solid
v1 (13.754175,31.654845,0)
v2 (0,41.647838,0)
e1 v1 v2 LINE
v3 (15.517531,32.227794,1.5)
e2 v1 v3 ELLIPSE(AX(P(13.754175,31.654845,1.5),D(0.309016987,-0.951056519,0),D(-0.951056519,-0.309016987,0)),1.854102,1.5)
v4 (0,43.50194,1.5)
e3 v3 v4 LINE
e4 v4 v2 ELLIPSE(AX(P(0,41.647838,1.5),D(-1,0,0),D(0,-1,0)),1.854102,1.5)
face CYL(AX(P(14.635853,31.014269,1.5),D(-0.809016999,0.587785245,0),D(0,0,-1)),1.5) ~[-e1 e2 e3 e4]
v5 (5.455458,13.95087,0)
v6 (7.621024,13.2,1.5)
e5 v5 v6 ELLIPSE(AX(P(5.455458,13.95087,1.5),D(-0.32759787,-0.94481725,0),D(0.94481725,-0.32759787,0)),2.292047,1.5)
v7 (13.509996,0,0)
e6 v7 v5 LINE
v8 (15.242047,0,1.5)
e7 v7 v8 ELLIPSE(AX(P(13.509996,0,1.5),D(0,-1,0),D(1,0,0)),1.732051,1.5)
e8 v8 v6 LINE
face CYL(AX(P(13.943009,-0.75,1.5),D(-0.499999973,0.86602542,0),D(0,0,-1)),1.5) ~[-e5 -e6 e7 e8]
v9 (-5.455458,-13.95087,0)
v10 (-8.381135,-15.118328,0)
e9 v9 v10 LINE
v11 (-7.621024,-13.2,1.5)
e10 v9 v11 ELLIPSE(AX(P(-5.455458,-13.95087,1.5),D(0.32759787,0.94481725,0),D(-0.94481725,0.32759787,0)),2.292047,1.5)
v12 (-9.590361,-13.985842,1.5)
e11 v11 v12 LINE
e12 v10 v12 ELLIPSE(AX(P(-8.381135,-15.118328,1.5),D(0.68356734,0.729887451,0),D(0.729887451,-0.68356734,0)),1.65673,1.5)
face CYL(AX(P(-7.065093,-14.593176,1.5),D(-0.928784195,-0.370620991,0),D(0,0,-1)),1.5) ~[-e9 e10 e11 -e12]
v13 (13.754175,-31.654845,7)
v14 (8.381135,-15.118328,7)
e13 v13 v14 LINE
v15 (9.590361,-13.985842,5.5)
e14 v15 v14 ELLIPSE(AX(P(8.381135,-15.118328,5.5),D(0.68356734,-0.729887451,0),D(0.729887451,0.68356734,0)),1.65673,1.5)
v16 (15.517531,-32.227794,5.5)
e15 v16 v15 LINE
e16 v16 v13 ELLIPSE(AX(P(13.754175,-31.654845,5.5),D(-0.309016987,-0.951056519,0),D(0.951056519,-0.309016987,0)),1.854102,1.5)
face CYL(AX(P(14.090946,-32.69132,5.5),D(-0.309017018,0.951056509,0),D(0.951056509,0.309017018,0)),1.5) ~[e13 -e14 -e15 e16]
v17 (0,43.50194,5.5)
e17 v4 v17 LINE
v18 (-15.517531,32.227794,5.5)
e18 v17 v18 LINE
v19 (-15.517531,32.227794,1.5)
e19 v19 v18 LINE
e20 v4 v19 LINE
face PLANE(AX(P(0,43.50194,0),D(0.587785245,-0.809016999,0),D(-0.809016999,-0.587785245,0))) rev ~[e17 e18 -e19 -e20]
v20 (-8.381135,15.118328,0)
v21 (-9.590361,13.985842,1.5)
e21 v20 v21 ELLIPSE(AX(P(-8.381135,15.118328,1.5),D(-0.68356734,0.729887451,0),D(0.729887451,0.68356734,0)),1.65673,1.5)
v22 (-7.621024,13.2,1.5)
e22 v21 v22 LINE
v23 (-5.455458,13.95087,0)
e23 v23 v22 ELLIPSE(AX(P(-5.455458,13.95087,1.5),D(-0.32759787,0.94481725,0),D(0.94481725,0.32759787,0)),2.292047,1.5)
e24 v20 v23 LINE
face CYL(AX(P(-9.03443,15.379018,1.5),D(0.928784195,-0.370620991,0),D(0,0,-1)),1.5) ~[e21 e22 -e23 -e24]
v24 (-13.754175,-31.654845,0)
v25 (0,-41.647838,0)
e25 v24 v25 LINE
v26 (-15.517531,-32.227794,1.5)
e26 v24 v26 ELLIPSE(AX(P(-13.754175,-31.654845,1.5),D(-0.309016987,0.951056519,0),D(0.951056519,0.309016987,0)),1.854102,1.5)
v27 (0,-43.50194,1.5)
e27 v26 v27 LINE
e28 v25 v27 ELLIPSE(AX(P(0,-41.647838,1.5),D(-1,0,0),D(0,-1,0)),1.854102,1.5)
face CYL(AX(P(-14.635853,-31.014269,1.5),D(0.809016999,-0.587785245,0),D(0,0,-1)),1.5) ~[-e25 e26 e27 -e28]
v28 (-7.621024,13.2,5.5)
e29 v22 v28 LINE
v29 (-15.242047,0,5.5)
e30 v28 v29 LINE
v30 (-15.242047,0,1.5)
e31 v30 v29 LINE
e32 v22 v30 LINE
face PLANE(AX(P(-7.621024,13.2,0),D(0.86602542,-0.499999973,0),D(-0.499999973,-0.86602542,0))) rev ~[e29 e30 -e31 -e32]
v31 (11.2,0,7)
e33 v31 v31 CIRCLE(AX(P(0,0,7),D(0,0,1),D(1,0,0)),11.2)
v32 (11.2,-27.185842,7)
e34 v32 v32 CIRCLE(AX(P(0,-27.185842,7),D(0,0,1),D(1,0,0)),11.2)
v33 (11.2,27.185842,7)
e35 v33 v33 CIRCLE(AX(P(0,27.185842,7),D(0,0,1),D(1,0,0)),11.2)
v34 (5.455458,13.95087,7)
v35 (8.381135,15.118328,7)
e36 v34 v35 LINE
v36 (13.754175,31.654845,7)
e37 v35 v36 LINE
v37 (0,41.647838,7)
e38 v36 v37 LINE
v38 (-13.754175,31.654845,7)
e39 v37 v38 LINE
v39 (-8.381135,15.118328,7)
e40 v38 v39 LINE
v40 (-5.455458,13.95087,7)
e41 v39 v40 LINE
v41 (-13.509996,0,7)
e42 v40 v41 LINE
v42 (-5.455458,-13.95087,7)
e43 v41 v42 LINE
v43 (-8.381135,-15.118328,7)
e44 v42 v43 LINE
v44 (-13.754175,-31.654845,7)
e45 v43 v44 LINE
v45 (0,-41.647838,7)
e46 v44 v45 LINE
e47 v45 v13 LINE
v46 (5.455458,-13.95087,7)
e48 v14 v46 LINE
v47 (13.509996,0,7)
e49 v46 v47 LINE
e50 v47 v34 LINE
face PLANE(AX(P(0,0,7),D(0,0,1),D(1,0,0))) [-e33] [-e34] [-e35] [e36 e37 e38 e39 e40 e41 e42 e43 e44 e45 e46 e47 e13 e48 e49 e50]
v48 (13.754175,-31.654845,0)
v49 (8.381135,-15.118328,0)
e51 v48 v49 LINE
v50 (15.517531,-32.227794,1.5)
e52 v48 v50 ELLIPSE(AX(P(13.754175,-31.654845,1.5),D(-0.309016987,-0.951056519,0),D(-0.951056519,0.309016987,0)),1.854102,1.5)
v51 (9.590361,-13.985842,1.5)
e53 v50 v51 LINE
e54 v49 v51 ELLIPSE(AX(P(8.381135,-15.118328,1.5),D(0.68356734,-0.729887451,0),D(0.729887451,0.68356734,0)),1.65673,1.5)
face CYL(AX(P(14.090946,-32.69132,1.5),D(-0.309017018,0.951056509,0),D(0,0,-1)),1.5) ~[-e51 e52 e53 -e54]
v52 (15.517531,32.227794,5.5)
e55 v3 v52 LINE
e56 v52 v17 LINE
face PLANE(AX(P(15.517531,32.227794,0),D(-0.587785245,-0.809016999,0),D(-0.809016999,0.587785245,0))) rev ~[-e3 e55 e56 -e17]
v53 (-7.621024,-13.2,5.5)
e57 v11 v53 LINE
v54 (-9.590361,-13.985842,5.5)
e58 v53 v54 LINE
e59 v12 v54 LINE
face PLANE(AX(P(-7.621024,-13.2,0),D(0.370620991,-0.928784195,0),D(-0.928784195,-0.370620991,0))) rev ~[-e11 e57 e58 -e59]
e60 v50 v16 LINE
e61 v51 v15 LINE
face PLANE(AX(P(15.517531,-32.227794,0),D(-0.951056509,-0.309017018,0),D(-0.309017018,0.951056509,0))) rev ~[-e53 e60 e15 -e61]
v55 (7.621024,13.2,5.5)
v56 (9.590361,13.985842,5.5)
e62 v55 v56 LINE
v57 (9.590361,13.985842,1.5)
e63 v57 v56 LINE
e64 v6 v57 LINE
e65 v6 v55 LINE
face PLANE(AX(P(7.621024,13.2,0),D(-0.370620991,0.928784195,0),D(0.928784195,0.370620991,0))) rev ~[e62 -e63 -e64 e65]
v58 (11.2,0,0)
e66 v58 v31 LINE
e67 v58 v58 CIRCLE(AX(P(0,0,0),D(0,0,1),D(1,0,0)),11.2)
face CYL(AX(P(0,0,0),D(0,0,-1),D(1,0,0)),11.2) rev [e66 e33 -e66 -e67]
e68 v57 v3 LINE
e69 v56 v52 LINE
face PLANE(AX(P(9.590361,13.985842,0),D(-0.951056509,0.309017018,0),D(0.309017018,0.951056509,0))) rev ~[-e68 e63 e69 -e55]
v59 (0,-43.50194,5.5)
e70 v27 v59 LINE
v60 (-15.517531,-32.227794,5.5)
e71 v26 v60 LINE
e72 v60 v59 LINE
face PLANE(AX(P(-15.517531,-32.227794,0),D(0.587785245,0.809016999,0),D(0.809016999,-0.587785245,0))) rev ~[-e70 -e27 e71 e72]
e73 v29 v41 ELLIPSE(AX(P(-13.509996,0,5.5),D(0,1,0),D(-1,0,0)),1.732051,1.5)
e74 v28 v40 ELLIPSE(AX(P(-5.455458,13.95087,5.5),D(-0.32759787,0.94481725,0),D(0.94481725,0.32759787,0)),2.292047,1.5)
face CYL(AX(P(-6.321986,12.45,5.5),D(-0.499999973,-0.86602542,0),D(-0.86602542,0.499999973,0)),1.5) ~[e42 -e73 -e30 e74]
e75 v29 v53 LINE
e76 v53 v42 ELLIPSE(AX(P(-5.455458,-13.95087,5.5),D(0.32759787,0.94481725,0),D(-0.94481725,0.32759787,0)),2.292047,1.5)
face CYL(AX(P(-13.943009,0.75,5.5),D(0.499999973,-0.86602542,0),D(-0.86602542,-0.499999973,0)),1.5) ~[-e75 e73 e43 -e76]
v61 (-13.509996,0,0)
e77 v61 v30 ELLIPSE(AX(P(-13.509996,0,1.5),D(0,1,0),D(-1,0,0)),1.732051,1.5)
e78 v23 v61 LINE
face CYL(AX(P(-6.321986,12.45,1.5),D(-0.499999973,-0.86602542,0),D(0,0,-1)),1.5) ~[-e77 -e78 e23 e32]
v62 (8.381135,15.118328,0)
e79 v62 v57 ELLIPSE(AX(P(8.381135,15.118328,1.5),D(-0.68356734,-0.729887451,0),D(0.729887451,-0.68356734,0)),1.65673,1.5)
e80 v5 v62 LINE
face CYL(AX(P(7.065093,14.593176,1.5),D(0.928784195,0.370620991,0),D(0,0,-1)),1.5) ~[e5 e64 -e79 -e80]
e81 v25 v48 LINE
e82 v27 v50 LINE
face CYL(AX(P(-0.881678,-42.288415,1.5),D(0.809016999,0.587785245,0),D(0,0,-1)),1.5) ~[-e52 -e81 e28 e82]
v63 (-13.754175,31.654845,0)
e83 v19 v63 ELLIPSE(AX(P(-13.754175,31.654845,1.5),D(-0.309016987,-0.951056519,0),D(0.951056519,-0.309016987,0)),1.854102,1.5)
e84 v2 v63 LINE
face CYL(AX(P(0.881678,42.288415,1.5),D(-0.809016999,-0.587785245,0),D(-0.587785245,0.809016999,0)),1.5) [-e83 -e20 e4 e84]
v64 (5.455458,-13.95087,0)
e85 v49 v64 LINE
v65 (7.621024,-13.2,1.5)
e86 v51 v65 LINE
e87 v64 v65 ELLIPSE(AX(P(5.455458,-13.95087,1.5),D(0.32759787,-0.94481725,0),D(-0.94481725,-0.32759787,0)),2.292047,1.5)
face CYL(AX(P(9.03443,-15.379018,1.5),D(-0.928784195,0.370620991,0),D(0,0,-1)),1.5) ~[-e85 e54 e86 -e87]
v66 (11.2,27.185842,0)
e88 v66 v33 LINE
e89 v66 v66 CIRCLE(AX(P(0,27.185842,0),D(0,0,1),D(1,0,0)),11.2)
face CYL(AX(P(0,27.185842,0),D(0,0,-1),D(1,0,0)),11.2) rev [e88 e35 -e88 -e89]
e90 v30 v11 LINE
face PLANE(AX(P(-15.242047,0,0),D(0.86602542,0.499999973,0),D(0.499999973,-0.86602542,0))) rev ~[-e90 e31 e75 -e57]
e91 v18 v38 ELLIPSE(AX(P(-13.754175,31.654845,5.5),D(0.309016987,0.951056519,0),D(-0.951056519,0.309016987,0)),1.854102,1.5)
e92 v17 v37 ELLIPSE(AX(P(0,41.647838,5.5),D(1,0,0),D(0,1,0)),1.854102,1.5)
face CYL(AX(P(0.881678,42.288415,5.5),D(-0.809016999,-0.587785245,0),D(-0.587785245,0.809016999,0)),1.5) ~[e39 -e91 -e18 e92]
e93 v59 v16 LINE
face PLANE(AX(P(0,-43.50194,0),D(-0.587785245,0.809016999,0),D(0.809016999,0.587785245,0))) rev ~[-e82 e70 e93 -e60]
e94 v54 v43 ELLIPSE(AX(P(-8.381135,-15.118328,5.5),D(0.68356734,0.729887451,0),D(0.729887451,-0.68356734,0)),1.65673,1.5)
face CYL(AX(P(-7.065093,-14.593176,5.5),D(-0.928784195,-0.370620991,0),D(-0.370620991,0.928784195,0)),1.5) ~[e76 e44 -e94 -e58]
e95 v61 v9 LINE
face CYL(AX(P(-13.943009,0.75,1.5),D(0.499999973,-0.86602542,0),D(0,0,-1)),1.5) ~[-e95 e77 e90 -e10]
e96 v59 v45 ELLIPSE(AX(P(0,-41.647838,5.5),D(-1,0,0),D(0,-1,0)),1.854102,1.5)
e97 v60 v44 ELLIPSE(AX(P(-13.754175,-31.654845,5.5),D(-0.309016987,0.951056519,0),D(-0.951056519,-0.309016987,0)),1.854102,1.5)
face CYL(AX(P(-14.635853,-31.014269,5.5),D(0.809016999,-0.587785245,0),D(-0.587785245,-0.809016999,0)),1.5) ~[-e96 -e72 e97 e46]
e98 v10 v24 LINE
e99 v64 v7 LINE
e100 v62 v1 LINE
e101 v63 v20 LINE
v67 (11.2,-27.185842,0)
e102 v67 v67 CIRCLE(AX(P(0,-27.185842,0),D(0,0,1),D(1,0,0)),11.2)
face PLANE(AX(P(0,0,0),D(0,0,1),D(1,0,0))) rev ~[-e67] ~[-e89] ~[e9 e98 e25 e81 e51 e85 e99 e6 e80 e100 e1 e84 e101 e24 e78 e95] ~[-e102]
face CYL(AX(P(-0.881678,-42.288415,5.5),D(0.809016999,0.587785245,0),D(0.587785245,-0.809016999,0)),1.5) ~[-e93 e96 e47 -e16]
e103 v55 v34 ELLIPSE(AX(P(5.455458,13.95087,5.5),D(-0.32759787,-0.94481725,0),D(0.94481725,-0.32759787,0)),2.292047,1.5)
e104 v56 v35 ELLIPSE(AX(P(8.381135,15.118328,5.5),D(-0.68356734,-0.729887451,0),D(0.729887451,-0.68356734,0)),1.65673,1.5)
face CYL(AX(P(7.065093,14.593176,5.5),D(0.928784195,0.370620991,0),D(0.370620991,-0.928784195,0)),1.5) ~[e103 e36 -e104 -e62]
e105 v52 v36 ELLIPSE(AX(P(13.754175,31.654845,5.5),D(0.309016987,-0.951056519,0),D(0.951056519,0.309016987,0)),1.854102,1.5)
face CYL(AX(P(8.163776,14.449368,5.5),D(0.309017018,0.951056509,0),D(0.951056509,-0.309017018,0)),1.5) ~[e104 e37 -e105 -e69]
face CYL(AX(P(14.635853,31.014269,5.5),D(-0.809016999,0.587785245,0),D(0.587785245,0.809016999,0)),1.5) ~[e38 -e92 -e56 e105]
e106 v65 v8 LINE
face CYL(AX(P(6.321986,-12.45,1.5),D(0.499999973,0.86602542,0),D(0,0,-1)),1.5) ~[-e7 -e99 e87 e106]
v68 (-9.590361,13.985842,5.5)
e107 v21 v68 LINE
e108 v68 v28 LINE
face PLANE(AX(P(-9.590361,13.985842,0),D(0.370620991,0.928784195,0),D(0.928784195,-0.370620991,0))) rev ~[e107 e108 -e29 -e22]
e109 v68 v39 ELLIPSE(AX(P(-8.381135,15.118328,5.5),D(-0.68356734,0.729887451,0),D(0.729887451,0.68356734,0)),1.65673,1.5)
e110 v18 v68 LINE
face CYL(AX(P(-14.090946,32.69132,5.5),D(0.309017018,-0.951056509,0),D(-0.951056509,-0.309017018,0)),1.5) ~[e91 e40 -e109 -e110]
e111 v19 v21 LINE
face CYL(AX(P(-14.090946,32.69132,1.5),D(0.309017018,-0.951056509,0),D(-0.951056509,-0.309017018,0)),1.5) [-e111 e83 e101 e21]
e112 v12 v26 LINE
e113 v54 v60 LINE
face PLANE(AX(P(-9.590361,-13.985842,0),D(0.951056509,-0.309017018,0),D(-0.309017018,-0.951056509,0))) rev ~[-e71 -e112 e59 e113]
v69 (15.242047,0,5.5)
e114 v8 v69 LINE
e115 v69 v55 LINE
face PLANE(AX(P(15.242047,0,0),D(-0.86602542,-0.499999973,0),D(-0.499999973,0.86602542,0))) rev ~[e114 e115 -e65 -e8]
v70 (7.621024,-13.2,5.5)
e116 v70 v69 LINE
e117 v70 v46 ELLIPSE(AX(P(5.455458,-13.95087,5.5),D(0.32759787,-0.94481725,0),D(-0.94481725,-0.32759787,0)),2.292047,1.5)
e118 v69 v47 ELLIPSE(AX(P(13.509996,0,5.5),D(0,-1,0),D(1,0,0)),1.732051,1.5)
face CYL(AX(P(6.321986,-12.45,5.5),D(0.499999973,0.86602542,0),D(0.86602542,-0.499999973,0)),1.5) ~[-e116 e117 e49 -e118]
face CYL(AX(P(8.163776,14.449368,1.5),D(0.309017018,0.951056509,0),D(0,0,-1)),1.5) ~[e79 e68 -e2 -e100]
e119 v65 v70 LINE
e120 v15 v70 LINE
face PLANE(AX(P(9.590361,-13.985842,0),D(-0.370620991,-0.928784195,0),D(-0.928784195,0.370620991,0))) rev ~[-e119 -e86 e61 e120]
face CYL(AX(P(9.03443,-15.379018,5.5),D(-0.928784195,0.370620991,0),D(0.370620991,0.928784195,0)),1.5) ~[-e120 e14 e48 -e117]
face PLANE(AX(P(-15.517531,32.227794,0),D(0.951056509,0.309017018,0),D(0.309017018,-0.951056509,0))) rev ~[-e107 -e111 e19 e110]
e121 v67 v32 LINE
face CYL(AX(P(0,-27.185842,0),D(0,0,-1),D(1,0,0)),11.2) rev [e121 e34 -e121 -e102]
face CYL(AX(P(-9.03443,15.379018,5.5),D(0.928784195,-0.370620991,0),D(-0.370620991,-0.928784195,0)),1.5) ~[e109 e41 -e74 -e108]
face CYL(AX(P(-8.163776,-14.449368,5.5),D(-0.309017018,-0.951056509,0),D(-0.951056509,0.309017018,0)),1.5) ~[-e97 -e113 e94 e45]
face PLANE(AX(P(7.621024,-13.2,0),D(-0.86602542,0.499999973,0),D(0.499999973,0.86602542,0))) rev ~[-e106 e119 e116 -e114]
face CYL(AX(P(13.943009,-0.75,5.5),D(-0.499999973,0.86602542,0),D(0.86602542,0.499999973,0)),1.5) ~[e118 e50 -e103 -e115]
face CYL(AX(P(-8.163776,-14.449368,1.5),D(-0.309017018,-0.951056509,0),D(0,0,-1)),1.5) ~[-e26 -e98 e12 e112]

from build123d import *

# Parameters (mm, degrees)
F0_R     = 11.2
F1_DEPTH = 7
F2_R     = 1.5
F3_R     = 1.5


with BuildPart() as f1:
    # F0 (on Top) → F1 (new body)
    with BuildSketch(Plane.XY):
        Polygon((-15.517531, 32.227794), (-9.590361, 13.985842), (-7.621024, 13.2), (-15.242047, 0), (-7.621024, -13.2), (-9.590361, -13.985842), (-15.517531, -32.227794), (0, -43.50194), (15.517531, -32.227794), (9.590361, -13.985842), (7.621024, -13.2), (15.242047, 0), (7.621024, 13.2), (9.590361, 13.985842), (15.517531, 32.227794), (0, 43.50194), align=None)
        with Locations((0, -27.185842)):
            Circle(F0_R, mode=Mode.SUBTRACT)
        Circle(F0_R, mode=Mode.SUBTRACT)
        with Locations((0, 27.185842)):
            Circle(F0_R, mode=Mode.SUBTRACT)
    extrude(amount=F1_DEPTH)

    # F2
    f2_edges = [f1.edges().sort_by_distance(p)[0] for p in [
        (-12.553946, -23.106818, 7),
        (-7.758765, -37.864867, 7),
        (7.758765, -37.864867, 7),
        (12.553946, -23.106818, 7),
        (-8.605692, -13.592921, 7),
        (8.605692, -13.592921, 7),
        (8.605692, 13.592921, 7),
        (-8.605692, 13.592921, 7),
        (-11.431535, 6.6, 7),
        (-11.431535, -6.6, 7),
        (11.431535, -6.6, 7),
        (11.431535, 6.6, 7),
        (12.553946, 23.106818, 7),
        (7.758765, 37.864867, 7),
        (-7.758765, 37.864867, 7),
        (-12.553946, 23.106818, 7),
    ]]
    fillet(f2_edges, radius=F2_R)

    # F3
    f3_edges = [f1.edges().sort_by_distance(p)[0] for p in [
        (-7.758765, -37.864867, 0),
        (-12.553946, -23.106818, 0),
        (12.553946, -23.106818, 0),
        (7.758765, -37.864867, 0),
        (-8.605692, -13.592921, 0),
        (-8.605692, 13.592921, 0),
        (8.605692, 13.592921, 0),
        (8.605692, -13.592921, 0),
        (11.431535, -6.6, 0),
        (-12.553946, 23.106818, 0),
        (-7.758765, 37.864867, 0),
        (7.758765, 37.864867, 0),
        (12.553946, 23.106818, 0),
        (-11.431535, 6.6, 0),
        (-11.431535, -6.6, 0),
        (11.431535, 6.6, 0),
    ]]
    fillet(f3_edges, radius=F3_R)


solid = f1.part
